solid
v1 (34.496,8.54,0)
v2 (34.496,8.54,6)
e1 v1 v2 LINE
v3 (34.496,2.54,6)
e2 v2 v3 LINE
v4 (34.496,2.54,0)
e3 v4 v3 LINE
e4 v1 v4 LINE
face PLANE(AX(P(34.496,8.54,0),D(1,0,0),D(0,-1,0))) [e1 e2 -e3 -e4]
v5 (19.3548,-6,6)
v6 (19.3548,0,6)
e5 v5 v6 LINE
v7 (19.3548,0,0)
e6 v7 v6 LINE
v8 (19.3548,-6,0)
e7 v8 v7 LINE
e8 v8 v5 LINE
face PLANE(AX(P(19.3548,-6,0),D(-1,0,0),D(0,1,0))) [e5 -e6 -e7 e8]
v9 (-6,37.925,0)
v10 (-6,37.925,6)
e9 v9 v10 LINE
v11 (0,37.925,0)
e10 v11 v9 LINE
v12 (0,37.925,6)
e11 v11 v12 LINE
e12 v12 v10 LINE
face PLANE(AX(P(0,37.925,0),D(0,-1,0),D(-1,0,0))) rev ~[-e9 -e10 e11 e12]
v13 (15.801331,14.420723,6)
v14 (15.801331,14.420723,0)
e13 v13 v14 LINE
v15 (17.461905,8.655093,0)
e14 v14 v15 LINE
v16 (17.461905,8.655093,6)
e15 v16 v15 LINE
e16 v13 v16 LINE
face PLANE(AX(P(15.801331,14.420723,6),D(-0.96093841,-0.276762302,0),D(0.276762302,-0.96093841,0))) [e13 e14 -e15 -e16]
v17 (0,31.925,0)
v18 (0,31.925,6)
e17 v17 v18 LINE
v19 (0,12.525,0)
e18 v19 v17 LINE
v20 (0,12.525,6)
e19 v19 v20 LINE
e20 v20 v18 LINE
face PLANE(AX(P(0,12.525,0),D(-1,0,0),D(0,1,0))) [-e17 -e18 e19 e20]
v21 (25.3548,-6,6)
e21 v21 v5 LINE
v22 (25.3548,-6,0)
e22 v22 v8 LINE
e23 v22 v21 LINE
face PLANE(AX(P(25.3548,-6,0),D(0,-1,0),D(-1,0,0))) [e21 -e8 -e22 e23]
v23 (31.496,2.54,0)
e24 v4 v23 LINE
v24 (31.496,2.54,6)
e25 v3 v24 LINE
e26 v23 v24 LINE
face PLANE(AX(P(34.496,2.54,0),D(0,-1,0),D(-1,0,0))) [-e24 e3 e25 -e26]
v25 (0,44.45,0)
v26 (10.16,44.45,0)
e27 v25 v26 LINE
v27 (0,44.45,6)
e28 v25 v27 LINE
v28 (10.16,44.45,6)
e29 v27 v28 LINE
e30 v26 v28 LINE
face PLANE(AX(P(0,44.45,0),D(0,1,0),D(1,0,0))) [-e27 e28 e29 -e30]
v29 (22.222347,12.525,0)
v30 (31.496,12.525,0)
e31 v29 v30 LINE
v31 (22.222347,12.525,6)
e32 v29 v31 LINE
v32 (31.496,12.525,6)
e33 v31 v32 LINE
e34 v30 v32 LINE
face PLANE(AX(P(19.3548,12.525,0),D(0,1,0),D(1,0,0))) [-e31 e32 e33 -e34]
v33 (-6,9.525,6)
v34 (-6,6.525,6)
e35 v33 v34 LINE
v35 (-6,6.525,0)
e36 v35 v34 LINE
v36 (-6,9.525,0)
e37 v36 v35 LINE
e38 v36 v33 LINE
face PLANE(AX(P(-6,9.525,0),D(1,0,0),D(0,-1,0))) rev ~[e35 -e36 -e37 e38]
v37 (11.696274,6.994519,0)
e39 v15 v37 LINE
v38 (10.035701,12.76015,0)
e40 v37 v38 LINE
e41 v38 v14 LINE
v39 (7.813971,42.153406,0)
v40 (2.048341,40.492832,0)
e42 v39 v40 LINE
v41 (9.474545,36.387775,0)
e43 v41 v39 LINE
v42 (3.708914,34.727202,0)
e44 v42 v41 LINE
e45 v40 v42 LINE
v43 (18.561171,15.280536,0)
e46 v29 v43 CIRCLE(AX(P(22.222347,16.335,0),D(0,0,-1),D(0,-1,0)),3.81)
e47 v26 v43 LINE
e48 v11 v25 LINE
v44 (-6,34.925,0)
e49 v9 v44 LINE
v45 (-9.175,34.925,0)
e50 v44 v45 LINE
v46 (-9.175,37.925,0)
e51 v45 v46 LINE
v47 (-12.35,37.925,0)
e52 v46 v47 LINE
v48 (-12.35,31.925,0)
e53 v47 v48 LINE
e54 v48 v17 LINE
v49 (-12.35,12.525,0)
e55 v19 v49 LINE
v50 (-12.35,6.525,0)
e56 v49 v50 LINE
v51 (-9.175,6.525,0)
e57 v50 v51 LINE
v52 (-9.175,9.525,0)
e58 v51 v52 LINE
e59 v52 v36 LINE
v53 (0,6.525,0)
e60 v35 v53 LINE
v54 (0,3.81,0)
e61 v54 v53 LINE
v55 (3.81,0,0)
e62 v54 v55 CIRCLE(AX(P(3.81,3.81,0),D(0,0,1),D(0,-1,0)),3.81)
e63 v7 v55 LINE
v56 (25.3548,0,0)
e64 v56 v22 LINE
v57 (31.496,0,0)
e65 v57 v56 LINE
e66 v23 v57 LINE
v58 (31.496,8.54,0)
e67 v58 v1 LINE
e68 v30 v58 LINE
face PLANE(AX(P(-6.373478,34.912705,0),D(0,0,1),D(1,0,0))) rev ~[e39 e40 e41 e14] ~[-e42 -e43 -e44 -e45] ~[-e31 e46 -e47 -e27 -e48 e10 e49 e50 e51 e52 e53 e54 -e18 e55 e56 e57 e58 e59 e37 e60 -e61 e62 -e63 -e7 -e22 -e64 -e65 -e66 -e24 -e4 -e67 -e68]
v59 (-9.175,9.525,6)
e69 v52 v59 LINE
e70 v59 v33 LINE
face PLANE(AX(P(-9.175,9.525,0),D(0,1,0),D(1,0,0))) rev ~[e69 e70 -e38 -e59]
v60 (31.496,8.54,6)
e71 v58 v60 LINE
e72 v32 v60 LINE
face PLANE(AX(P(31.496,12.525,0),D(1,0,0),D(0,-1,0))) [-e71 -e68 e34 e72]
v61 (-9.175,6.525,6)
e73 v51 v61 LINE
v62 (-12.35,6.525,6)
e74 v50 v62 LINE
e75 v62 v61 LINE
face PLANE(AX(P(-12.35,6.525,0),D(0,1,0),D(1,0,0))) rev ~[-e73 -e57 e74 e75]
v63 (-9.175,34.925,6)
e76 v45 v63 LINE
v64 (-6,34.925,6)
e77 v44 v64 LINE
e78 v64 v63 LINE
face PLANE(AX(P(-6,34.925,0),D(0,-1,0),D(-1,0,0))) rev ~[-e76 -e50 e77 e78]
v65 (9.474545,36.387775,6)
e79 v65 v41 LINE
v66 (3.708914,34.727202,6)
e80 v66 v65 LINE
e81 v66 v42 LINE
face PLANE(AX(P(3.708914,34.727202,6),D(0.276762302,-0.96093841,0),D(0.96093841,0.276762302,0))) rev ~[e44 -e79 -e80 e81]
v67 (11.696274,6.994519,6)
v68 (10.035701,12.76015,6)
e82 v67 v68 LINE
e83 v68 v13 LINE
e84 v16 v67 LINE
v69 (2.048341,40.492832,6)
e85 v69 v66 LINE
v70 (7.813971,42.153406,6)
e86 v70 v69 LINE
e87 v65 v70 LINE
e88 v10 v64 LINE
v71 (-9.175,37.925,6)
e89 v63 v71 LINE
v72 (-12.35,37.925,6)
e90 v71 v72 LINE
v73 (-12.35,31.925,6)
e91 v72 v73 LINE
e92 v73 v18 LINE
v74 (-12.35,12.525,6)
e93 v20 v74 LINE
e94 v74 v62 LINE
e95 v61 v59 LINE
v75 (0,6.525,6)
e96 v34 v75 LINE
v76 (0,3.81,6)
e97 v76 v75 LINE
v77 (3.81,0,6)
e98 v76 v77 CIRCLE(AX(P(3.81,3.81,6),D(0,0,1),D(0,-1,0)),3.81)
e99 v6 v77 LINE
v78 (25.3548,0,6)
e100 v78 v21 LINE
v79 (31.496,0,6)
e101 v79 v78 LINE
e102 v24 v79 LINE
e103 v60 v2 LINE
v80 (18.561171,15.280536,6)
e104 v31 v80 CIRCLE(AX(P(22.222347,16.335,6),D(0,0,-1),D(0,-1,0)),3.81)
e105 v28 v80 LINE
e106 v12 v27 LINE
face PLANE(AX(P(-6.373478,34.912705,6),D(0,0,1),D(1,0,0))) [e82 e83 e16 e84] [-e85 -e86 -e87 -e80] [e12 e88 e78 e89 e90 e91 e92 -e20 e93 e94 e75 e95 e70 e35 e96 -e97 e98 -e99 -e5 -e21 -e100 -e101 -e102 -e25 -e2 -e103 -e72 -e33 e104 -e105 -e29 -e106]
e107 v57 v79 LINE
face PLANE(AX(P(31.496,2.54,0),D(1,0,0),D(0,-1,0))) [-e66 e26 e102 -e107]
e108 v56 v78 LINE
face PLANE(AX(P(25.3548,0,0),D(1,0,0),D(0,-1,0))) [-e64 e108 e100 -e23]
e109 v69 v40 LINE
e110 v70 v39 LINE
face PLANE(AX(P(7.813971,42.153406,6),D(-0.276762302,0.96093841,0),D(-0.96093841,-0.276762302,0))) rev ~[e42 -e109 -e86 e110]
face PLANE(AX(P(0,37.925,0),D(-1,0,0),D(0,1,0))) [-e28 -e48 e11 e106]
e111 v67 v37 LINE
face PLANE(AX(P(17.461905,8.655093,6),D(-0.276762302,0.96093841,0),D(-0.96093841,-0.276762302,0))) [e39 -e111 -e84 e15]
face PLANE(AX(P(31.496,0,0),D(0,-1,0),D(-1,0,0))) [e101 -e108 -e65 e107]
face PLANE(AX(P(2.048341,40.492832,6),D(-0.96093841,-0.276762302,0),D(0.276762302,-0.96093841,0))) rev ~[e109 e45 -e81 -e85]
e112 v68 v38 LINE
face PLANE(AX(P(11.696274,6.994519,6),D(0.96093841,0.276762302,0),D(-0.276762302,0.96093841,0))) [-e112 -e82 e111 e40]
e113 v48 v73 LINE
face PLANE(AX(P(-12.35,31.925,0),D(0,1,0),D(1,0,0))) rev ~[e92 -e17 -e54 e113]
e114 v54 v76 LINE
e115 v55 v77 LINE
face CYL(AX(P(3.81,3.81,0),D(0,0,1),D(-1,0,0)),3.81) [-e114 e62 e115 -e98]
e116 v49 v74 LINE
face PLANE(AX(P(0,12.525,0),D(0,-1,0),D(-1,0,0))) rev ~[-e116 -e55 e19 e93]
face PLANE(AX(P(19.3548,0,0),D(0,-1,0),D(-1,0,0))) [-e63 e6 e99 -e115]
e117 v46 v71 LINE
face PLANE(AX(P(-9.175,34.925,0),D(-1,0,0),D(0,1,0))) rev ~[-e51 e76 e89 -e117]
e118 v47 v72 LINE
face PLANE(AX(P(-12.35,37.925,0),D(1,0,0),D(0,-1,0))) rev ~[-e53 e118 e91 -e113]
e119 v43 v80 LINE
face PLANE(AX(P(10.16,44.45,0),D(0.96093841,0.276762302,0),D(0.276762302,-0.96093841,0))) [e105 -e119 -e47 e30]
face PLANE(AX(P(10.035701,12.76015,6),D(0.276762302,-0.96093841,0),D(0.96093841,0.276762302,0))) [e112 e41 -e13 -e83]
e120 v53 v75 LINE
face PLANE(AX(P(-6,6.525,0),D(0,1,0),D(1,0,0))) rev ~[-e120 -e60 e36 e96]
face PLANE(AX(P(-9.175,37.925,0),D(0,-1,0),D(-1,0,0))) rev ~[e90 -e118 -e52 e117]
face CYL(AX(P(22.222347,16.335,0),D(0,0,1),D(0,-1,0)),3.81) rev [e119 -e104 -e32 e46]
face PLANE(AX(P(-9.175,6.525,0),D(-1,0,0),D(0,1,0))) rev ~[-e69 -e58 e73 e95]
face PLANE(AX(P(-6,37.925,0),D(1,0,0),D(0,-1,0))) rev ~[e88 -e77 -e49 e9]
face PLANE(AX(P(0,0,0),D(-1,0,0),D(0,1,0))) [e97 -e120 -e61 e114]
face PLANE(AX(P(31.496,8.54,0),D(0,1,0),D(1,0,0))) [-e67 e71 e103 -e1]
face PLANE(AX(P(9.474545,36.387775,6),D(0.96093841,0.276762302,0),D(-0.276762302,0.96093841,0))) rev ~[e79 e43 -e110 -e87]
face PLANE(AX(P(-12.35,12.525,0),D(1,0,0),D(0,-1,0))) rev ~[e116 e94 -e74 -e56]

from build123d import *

# Parameters (mm, degrees)
BOSS_EXTRUDE1_DEPTH = 6
FILLET1_R           = 3.81
CUT_EXTRUDE1_DEPTH  = 57.584242648


with BuildPart() as part:
    # Sketch1 → Boss-Extrude1 (new body)
    with BuildSketch(Plane.XY):
        Polygon((-12.35, 31.925), (0, 31.925), (0, 37.925), (-6, 37.925), (-6, 34.925), (-9.175, 34.925), (-9.175, 37.925), (-12.35, 37.925), align=None)
        Polygon((19.3548, 12.525), (31.496, 12.525), (31.496, 8.54), (34.496, 8.54), (34.496, 2.54), (31.496, 2.54), (31.496, 0), (25.3548, 0), (25.3548, -6), (19.3548, -6), (19.3548, 0), (0, 0), (0, 44.45), (10.16, 44.45), align=None)
        Polygon((-6, 6.525), (0, 6.525), (0, 12.525), (-12.35, 12.525), (-12.35, 6.525), (-9.175, 6.525), (-9.175, 9.525), (-6, 9.525), align=None)
    extrude(amount=BOSS_EXTRUDE1_DEPTH)

    # Fillet1
    fillet1_edges = [part.edges().sort_by_distance(p)[0] for p in [
        (19.3548, 12.525, 3),
        (0, 0, 3),
    ]]
    fillet(fillet1_edges, radius=FILLET1_R)

    # Sketch3 → Cut-Extrude1 (cut, through all)
    with BuildSketch(Plane.XY.offset(6)):
        Polygon((3.708914399, 34.727201635), (9.47454486, 36.387775447), (7.813971047, 42.153405908), (2.048340586, 40.492832096), align=None)
        Polygon((15.801331085, 14.42072339), (17.461904898, 8.655092929), (11.696274437, 6.994519117), (10.035700624, 12.760149578), align=None)
    extrude(amount=-CUT_EXTRUDE1_DEPTH, mode=Mode.SUBTRACT)


solid = part.part
